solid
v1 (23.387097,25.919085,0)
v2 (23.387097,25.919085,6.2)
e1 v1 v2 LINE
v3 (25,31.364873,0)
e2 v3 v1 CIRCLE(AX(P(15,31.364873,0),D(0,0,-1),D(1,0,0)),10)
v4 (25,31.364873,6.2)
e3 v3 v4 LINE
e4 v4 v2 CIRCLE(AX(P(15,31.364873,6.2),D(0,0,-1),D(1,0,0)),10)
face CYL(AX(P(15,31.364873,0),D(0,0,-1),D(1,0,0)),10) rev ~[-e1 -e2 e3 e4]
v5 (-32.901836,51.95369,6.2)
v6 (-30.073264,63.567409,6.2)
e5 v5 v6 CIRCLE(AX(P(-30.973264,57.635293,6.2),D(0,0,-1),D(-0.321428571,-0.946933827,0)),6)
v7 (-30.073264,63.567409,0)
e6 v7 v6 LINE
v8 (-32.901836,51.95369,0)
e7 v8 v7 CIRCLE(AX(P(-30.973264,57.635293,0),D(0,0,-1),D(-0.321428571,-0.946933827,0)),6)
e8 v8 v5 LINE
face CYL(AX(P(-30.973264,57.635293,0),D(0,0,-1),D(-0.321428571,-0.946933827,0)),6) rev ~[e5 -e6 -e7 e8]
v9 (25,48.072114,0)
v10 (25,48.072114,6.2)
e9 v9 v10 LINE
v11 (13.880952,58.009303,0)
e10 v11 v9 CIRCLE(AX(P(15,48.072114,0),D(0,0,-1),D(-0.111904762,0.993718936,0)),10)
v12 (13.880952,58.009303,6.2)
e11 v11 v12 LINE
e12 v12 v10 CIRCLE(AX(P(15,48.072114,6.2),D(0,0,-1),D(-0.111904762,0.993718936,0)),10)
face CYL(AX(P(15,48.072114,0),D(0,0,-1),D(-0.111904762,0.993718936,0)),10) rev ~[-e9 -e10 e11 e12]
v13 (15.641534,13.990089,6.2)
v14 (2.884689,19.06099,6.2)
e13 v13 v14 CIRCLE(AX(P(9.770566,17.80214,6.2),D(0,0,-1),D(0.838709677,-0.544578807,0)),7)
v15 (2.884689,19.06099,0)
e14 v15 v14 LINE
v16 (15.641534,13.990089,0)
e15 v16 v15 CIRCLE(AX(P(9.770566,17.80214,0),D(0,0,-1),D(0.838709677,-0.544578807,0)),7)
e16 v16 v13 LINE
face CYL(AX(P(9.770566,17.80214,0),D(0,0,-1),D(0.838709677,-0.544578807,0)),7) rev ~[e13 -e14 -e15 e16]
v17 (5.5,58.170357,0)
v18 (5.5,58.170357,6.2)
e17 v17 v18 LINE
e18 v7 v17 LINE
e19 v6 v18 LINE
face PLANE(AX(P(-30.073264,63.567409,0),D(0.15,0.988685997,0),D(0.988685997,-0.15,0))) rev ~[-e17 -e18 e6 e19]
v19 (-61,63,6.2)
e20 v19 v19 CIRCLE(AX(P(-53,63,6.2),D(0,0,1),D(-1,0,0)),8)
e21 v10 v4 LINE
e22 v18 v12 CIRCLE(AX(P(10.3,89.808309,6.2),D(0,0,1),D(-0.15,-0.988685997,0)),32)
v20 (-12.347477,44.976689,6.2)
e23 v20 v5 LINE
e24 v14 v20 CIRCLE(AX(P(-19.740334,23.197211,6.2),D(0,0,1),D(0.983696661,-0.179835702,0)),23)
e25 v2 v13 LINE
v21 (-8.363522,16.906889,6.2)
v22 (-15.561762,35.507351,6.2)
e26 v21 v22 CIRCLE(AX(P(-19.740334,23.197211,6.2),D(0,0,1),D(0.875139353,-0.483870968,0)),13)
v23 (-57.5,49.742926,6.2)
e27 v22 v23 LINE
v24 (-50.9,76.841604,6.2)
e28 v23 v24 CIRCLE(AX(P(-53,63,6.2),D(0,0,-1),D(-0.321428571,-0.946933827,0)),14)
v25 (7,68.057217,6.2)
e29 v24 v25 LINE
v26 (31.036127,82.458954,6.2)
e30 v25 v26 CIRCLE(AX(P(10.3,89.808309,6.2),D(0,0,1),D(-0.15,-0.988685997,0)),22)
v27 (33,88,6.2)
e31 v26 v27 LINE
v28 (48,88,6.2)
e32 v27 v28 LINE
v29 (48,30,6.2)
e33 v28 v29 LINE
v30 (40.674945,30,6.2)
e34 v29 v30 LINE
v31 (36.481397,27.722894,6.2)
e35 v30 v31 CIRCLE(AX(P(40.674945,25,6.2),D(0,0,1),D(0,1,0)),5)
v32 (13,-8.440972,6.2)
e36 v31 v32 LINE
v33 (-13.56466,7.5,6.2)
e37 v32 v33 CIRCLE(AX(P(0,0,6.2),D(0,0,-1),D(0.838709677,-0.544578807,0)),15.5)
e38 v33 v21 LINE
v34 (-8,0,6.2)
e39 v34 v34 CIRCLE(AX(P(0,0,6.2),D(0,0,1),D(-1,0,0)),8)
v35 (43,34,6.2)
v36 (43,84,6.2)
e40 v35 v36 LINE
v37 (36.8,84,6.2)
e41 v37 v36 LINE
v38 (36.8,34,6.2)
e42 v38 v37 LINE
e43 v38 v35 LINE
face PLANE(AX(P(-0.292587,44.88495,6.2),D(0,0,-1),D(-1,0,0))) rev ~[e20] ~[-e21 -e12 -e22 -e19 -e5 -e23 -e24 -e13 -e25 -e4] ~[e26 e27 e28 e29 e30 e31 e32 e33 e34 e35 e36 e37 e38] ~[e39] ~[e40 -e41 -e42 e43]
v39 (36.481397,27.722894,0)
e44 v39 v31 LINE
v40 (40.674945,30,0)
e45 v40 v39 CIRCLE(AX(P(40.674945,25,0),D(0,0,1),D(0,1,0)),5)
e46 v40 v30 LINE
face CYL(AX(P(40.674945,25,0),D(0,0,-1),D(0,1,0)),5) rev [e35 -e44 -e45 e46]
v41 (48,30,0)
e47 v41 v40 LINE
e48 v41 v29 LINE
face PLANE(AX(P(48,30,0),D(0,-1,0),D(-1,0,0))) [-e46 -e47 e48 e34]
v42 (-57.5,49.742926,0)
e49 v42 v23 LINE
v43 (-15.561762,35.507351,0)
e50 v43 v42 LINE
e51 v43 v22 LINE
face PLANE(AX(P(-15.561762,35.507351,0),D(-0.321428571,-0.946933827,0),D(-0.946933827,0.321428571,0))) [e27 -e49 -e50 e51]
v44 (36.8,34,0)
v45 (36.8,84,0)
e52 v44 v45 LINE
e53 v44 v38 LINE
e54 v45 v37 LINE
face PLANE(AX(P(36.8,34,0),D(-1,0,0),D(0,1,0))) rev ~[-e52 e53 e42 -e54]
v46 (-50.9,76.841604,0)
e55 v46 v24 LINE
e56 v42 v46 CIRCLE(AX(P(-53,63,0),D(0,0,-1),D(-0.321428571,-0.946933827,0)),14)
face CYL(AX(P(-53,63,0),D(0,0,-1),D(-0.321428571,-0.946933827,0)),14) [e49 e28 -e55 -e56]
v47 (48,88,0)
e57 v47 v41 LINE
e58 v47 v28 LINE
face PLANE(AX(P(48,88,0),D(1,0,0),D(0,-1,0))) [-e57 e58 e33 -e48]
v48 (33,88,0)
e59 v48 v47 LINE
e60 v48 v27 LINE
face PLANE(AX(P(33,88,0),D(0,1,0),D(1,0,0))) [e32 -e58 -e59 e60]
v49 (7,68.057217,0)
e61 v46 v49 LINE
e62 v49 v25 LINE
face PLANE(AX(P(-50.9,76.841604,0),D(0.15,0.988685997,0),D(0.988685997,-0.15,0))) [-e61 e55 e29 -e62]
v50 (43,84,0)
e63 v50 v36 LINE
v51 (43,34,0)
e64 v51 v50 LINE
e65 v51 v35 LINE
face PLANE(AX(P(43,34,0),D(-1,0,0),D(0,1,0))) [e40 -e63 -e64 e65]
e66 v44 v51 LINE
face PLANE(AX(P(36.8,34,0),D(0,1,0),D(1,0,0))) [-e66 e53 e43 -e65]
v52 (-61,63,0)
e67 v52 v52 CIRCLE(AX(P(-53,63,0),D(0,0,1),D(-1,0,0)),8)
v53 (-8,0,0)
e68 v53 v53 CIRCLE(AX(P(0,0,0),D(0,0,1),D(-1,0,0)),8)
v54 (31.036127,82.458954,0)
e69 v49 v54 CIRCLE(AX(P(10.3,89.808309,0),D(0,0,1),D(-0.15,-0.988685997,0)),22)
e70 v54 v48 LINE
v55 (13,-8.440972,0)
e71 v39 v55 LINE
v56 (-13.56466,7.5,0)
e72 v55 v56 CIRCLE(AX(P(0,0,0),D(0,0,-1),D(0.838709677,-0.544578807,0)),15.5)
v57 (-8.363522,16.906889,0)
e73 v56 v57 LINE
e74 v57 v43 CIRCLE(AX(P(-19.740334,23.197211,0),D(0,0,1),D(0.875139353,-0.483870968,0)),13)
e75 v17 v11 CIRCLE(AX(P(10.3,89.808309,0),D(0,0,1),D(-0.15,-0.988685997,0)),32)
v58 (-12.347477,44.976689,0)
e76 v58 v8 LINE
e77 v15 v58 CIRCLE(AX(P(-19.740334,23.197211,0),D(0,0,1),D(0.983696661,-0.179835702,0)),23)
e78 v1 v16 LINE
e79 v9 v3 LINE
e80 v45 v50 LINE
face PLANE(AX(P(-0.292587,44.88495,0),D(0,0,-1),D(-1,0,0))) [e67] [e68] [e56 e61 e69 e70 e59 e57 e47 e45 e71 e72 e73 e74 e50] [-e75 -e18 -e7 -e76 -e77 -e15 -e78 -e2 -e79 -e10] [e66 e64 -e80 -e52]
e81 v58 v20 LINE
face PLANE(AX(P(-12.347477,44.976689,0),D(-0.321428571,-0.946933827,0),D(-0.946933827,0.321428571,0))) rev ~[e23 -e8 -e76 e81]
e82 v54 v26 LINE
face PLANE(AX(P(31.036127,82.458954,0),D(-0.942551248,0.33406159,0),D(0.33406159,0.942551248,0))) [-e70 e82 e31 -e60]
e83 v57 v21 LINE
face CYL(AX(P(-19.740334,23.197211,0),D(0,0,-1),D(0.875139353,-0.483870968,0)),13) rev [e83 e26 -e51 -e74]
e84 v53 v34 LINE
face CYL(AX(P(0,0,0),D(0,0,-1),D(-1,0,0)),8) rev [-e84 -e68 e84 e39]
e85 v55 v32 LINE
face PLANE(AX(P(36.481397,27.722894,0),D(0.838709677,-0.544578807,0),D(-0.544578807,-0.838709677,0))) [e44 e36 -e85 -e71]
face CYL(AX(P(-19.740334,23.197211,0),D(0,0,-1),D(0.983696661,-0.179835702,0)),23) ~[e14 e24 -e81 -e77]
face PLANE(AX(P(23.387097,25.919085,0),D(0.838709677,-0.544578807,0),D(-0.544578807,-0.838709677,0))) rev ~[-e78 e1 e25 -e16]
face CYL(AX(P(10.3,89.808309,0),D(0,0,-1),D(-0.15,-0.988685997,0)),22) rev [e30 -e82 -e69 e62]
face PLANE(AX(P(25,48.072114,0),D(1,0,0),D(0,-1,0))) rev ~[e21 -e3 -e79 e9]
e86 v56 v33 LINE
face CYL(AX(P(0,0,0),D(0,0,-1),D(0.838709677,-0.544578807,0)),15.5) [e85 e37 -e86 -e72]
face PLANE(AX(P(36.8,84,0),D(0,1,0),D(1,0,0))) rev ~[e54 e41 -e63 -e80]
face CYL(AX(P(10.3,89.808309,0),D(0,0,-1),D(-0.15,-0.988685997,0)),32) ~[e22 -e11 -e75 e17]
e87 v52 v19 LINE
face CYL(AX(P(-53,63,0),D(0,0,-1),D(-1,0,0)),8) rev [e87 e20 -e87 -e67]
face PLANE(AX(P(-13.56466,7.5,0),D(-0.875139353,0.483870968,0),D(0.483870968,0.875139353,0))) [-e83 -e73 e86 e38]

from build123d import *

# Parameters (mm, degrees)
SKETCH1_R           = 8
SKETCH1_W           = 6.2
SKETCH1_H           = 50
BOSS_EXTRUDE1_DEPTH = 6.2


with BuildPart() as part:
    # Sketch1 → Boss-Extrude1 (new body)
    with BuildSketch(Plane.XY):
        with BuildLine():
            Line((31.036127447, 82.458954329), (33, 88))
            Line((33, 88), (48, 88))
            Line((48, 88), (48, 30))
            Line((48, 30), (40.674945208, 30))
            ThreePointArc((40.674945208, 30), (38.288993634, 29.393999896), (36.481396821, 27.722894035))
            Line((36.481396821, 27.722894035), (13, -8.440971508))
            ThreePointArc((13, -8.440971508), (-7.975484523, -13.290660128), (-13.564659966, 7.5))
            Line((-13.564659966, 7.5), (-8.363522167, 16.906888758))
            ThreePointArc((-8.363522167, 16.906888758), (-7.61652309, 27.889035615), (-15.561762323, 35.507351095))
            Line((-15.561762323, 35.507351095), (-57.5, 49.742926416))
            ThreePointArc((-57.5, 49.742926416), (-66.602374097, 66.312916983), (-50.9, 76.841603953))
            Line((-50.9, 76.841603953), (7, 68.057217374))
            ThreePointArc((7, 68.057217374), (21.607393242, 70.936561685), (31.036127447, 82.458954329))
        make_face()
        with Locations(Location((-53, 63, 0), (0, 0, 180))):
            Circle(SKETCH1_R, mode=Mode.SUBTRACT)
        with Locations(Location((0, 0, 0), (0, 0, 180))):
            Circle(SKETCH1_R, mode=Mode.SUBTRACT)
        with Locations((39.9, 59)):
            Rectangle(SKETCH1_W, SKETCH1_H, mode=Mode.SUBTRACT)
        with BuildLine():
            Line((-30.073264159, 63.567409295), (5.5, 58.170357408))
            ThreePointArc((5.5, 58.170357408), (9.685179801, 57.814216157), (13.880952381, 58.009303341))
            ThreePointArc((13.880952381, 58.009303341), (21.663689812, 55.528335414), (25, 48.072113978))
            Line((25, 48.072113978), (25, 31.364873077))
            ThreePointArc((25, 31.364873077), (24.588299321, 28.525063906), (23.387096774, 25.919085008))
            Line((23.387096774, 25.919085008), (15.641533812, 13.990088635))
            ThreePointArc((15.641533812, 13.990088635), (7.184832002, 11.297220659), (2.884689445, 19.060990196))
            ThreePointArc((2.884689445, 19.060990196), (0.088285739, 34.851646077), (-12.347476609, 44.976689369))
            Line((-12.347476609, 44.976689369), (-32.901835588, 51.95369035))
            ThreePointArc((-32.901835588, 51.95369035), (-36.802853058, 59.055114879), (-30.073264159, 63.567409295))
        make_face(mode=Mode.SUBTRACT)
    extrude(amount=BOSS_EXTRUDE1_DEPTH)


solid = part.part
